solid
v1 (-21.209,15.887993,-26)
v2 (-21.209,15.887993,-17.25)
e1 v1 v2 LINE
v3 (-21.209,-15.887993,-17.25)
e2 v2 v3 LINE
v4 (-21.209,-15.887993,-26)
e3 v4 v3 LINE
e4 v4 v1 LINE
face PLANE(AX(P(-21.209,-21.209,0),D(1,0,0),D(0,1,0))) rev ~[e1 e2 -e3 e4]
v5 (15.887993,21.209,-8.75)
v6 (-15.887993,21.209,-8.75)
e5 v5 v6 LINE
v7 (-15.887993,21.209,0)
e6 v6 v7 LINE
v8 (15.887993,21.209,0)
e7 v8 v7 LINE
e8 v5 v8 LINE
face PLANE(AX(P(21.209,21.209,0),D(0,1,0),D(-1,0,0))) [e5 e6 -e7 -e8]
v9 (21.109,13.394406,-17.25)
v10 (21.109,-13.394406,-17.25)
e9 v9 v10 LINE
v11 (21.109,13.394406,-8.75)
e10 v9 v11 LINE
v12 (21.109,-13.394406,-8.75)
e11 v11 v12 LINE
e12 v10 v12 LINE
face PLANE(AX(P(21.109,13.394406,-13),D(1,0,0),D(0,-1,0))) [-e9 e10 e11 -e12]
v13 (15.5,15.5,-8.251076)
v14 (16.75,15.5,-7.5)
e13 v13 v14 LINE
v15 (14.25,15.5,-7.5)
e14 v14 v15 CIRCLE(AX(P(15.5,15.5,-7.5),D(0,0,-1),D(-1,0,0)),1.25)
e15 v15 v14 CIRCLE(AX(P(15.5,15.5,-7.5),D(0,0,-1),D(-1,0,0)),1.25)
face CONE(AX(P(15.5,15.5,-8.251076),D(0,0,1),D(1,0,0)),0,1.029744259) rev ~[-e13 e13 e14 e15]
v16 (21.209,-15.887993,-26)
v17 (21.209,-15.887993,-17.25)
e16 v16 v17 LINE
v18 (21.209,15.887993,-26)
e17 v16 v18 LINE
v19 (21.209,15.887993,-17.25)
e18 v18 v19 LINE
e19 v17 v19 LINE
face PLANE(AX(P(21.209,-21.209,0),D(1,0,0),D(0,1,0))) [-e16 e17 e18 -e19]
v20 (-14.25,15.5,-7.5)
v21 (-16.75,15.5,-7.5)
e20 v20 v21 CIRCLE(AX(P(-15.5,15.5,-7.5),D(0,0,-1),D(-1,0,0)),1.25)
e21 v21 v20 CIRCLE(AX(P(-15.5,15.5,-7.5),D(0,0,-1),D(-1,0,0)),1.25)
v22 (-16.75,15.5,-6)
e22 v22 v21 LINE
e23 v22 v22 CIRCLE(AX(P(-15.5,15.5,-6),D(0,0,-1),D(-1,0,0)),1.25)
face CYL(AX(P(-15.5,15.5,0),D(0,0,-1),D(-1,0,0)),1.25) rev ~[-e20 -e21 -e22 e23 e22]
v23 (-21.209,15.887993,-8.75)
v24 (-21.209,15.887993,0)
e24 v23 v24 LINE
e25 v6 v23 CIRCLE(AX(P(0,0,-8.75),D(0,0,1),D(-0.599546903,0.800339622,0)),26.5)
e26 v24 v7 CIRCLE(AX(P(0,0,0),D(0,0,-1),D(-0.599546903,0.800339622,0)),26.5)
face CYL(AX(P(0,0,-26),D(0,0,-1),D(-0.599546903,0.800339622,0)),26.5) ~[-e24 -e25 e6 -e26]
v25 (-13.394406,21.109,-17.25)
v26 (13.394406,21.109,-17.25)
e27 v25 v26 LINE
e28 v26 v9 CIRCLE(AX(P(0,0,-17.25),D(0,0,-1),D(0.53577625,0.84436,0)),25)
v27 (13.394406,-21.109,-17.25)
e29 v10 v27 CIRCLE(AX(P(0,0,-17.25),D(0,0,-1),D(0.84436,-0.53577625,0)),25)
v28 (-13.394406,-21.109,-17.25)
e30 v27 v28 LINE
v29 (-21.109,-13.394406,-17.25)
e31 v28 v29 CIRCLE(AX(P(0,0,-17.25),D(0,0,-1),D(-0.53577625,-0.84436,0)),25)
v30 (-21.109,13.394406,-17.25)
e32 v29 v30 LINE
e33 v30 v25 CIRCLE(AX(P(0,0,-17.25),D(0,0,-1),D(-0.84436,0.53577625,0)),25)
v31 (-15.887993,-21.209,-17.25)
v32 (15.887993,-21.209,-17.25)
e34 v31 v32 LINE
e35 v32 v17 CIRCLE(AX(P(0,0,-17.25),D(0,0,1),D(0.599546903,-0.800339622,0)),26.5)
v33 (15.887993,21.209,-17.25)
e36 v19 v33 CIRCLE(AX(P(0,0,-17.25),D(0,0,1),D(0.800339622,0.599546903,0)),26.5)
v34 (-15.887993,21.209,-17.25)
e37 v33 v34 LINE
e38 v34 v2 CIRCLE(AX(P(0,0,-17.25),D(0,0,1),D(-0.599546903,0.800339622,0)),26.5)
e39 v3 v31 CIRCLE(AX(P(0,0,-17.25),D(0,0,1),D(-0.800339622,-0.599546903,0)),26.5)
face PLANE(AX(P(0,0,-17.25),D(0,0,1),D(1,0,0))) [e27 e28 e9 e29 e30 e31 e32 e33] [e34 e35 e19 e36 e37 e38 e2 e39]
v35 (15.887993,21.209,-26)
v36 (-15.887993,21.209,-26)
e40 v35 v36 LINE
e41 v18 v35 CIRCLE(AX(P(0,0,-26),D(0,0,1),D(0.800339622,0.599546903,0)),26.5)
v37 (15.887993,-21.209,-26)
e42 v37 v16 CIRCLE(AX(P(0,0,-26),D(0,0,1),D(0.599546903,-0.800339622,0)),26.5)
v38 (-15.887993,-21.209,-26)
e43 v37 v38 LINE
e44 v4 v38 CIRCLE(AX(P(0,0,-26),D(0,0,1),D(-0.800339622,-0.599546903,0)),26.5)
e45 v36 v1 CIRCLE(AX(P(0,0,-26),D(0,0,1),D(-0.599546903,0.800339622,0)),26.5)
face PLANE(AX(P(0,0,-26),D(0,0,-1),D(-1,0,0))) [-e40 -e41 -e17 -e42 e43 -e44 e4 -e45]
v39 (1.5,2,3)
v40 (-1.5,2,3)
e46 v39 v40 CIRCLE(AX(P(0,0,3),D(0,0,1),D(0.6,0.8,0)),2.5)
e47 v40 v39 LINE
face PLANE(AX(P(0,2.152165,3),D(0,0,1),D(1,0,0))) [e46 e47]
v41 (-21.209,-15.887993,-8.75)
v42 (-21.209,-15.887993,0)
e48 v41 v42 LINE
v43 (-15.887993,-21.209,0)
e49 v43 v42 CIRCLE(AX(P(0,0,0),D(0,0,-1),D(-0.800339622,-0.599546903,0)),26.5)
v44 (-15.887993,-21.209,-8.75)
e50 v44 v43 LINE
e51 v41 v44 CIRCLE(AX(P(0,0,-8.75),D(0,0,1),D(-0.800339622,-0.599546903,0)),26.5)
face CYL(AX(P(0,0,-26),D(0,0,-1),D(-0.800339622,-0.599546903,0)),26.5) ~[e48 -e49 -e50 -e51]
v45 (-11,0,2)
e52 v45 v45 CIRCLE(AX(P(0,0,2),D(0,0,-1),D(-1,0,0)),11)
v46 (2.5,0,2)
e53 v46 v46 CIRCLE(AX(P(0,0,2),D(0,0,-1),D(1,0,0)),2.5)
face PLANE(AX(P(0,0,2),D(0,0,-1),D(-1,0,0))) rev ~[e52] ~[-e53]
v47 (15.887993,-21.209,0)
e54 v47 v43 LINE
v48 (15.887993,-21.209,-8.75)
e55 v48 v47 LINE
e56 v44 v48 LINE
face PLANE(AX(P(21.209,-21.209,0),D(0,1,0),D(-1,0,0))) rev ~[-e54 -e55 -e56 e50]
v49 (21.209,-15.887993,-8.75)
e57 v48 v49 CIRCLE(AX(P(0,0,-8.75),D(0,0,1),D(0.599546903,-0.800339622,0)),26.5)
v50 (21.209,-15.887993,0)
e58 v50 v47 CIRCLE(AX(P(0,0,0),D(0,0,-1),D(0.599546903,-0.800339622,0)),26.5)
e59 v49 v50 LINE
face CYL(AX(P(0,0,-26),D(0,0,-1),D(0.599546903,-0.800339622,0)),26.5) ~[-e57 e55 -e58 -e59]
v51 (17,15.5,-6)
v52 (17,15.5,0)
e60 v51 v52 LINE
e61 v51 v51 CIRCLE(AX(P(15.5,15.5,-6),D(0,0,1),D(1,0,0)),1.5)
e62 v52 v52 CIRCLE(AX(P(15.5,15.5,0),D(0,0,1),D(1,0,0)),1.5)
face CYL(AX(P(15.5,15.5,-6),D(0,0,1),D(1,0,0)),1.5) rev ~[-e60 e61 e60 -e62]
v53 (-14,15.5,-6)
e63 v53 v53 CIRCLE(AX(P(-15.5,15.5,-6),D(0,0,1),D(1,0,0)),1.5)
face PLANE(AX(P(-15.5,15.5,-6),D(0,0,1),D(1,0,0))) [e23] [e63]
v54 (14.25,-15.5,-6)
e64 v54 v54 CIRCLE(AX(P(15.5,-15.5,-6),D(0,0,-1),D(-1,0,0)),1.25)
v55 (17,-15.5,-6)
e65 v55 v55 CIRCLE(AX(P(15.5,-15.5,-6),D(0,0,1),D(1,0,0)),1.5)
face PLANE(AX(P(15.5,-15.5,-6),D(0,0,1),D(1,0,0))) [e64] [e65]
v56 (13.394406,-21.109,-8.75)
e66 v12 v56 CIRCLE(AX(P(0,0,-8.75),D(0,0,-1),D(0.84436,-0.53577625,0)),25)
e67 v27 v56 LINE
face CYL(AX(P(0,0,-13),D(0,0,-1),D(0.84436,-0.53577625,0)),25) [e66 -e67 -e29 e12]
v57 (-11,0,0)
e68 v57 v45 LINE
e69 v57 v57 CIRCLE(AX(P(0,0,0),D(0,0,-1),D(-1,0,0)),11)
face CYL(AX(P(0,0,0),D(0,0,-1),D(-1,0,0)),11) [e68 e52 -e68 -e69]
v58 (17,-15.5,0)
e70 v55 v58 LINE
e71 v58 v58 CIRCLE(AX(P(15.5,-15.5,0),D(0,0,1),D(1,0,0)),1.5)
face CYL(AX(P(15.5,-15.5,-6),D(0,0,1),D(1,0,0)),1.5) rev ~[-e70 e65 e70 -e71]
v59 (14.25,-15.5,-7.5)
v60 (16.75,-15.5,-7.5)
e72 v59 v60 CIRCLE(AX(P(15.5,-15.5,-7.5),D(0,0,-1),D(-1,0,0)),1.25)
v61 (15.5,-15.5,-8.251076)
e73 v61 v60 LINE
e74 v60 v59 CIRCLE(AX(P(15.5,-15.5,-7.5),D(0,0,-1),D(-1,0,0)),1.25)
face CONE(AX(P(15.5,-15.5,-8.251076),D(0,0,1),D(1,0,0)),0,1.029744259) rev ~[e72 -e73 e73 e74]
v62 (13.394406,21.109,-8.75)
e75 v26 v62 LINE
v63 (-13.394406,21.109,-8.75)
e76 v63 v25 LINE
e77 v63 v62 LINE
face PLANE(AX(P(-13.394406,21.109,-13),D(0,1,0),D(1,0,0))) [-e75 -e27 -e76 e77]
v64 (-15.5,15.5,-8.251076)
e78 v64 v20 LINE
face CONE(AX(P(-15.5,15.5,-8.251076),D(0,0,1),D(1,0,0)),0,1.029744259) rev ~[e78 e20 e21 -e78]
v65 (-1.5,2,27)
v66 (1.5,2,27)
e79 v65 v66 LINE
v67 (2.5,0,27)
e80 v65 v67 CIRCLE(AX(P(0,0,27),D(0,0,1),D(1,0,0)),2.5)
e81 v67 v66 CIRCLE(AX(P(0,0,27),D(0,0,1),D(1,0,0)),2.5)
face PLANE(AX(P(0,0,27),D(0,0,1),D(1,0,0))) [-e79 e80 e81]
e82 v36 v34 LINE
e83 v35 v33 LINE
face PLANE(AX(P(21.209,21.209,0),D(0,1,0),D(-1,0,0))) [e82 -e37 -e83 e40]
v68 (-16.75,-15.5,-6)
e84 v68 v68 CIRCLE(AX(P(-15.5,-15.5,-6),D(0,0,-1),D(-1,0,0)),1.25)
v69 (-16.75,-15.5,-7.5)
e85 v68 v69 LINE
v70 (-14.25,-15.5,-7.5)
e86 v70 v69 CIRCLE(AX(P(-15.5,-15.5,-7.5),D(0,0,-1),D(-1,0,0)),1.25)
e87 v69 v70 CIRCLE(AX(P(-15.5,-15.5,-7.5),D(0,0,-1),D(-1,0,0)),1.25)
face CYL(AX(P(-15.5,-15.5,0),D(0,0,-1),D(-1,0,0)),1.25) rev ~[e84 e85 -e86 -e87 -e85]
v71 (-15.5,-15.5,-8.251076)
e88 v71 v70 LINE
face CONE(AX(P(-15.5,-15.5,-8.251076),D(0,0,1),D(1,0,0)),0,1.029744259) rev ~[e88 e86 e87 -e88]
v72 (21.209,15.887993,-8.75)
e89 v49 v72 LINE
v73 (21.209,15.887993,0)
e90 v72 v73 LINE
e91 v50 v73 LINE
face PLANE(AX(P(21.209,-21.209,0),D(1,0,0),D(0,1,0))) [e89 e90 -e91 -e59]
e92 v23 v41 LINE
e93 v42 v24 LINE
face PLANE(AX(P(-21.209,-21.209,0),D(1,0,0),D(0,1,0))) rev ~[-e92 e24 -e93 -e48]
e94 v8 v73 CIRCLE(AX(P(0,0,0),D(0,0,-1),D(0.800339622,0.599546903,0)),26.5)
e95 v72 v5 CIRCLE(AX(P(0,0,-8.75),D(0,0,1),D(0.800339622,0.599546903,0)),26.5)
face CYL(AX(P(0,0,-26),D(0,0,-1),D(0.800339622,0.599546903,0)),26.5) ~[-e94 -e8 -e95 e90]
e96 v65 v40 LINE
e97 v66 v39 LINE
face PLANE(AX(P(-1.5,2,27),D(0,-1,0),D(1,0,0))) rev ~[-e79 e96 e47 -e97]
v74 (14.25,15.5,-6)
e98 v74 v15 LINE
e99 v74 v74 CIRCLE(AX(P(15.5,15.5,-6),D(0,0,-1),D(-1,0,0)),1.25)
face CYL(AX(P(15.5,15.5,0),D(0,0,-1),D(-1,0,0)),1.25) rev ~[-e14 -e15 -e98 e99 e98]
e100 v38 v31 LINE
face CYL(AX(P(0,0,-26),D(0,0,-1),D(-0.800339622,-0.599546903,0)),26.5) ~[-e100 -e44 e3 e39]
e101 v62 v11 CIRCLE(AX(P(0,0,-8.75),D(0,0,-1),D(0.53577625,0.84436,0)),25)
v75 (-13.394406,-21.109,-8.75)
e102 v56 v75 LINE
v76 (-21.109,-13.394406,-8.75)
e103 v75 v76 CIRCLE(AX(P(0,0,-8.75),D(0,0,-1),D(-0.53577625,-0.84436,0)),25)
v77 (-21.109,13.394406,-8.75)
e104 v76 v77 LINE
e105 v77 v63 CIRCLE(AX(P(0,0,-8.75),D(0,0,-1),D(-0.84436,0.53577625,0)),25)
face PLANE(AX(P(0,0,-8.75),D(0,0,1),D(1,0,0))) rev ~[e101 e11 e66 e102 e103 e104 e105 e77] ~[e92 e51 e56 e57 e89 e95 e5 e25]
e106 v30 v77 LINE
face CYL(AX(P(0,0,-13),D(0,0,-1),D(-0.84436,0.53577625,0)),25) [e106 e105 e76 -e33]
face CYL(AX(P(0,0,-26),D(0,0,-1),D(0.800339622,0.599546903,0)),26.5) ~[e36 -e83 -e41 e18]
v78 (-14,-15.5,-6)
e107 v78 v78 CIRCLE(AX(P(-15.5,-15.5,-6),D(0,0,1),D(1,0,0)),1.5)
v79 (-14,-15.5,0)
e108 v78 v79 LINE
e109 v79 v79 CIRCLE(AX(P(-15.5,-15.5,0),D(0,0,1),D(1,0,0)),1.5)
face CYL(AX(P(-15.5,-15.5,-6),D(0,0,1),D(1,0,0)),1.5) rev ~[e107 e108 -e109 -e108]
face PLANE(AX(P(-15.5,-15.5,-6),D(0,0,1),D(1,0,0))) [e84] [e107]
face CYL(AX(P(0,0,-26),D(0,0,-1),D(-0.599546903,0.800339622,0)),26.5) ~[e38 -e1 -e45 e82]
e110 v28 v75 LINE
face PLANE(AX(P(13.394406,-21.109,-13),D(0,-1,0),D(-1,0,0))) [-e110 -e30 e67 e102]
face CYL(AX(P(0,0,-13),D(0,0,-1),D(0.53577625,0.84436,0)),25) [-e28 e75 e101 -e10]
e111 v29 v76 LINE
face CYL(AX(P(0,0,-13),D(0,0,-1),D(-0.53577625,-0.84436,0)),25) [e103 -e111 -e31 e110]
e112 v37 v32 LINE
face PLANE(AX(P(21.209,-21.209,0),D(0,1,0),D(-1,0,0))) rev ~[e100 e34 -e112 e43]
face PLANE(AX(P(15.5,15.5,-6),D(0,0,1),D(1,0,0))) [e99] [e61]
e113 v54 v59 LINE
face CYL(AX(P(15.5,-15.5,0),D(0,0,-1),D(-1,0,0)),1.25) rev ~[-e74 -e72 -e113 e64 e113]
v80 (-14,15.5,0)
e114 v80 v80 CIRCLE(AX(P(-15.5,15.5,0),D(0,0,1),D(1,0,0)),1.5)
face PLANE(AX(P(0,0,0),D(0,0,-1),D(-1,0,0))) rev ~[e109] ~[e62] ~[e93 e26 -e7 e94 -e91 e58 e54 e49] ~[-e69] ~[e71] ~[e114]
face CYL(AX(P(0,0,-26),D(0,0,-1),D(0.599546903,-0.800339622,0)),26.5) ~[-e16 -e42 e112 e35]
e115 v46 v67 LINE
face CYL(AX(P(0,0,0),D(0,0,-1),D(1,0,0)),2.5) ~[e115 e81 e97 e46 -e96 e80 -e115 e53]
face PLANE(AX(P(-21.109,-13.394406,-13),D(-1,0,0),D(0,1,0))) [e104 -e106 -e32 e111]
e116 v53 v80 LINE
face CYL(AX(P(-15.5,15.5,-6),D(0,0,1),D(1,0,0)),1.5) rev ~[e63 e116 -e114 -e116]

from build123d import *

# Parameters (mm, degrees)
SKETCH1_R                       = 2.5
BOSS_EXTRUDE1_DEPTH             = 27
SKETCH2_R                       = 11
BOSS_EXTRUDE2_DEPTH             = 2
SKETCH3_W                       = 42.418
SKETCH3_H                       = 42.418
BOSS_EXTRUDE3_DEPTH             = 26
CUT_EXTRUDE1_DEPTH              = 54
M3X0_5_TAPPED_HOLE1_D           = 2.5
M3X0_5_TAPPED_HOLE1_DEPTH       = 7.5
M3X0_5_TAPPED_HOLE1_CBORE_D     = 3
M3X0_5_TAPPED_HOLE1_CBORE_DEPTH = 6
M3X0_5_TAPPED_HOLE1_TIP         = 0.751075774
CUT_EXTRUDE2_DEPTH              = 24
CUT_EXTRUDE3_DEPTH              = 4.25
CUT_EXTRUDE3_DEPTH_BACK         = 4.25


with BuildPart() as part:
    # Sketch1 → Boss-Extrude1 (new body)
    with BuildSketch(Plane.XY):
        Circle(SKETCH1_R)
    extrude(amount=BOSS_EXTRUDE1_DEPTH)

    # Sketch2 → Boss-Extrude2 (add)
    with BuildSketch(Plane(origin=(0, 0, 0), x_dir=(-1, 0, 0), z_dir=(0, 0, -1))):
        Circle(SKETCH2_R)
    extrude(amount=-BOSS_EXTRUDE2_DEPTH)

    # Sketch3 → Boss-Extrude3 (add)
    with BuildSketch(Plane(origin=(0, 0, 0), x_dir=(-1, 0, 0), z_dir=(0, 0, -1))):
        Rectangle(SKETCH3_W, SKETCH3_H)
    extrude(amount=BOSS_EXTRUDE3_DEPTH)

    # Sketch4 → Cut-Extrude1 (cut, through all)
    with BuildSketch(Plane(origin=(0, 0, -26), x_dir=(-1, 0, 0), z_dir=(0, 0, -1))):
        with BuildLine():
            Line((-21.209, -15.887992919), (-21.209, -21.209))
            Line((-21.209, -21.209), (-15.887992919, -21.209))
            ThreePointArc((-15.887992919, -21.209), (-18.738329701, -18.738329701), (-21.209, -15.887992919))
        make_face()
        with BuildLine():
            Line((15.887992919, -21.209), (21.209, -21.209))
            Line((21.209, -21.209), (21.209, -15.887992919))
            ThreePointArc((21.209, -15.887992919), (18.738329701, -18.738329701), (15.887992919, -21.209))
        make_face()
        with BuildLine():
            Line((21.209, 15.887992919), (21.209, 21.209))
            Line((21.209, 21.209), (15.887992919, 21.209))
            ThreePointArc((15.887992919, 21.209), (18.738329701, 18.738329701), (21.209, 15.887992919))
        make_face()
        with BuildLine():
            Line((-15.887992919, 21.209), (-21.209, 21.209))
            Line((-21.209, 21.209), (-21.209, 15.887992919))
            ThreePointArc((-21.209, 15.887992919), (-18.738329701, 18.738329701), (-15.887992919, 21.209))
        make_face()
    extrude(amount=-CUT_EXTRUDE1_DEPTH, mode=Mode.SUBTRACT)

    # M3x0.5 Tapped Hole1
    with Locations(Plane.XY):
        with Locations((-15.5, 15.5), (-15.5, -15.5), (15.5, -15.5), (15.5, 15.5)):
            CounterBoreHole(M3X0_5_TAPPED_HOLE1_D / 2, M3X0_5_TAPPED_HOLE1_CBORE_D / 2, M3X0_5_TAPPED_HOLE1_CBORE_DEPTH, depth=M3X0_5_TAPPED_HOLE1_DEPTH)
            with Locations((0, 0, -(M3X0_5_TAPPED_HOLE1_DEPTH + M3X0_5_TAPPED_HOLE1_TIP / 2))):  # 118° drill point
                Cone(0, M3X0_5_TAPPED_HOLE1_D / 2, M3X0_5_TAPPED_HOLE1_TIP, mode=Mode.SUBTRACT)

    # Sketch7 → Cut-Extrude2 (cut)
    with BuildSketch(Plane.XY.offset(27)):
        with BuildLine():
            Line((-1.5, 2), (1.5, 2))
            ThreePointArc((1.5, 2), (0, 2.5), (-1.5, 2))
        make_face()
    extrude(amount=-CUT_EXTRUDE2_DEPTH, mode=Mode.SUBTRACT)

    # Sketch8 → Cut-Extrude3 (cut, two sides)
    with BuildSketch(Plane.XY.offset(-13)) as cut_extrude3_sk:
        with BuildLine():
            Line((15.887992919, 21.209), (-15.887992919, 21.209))
            ThreePointArc((-15.887992919, 21.209), (-18.738329701, 18.738329701), (-21.209, 15.887992919))
            Line((-21.209, 15.887992919), (-21.209, -15.887992919))
            ThreePointArc((-21.209, -15.887992919), (-18.738329701, -18.738329701), (-15.887992919, -21.209))
            Line((-15.887992919, -21.209), (15.887992919, -21.209))
            ThreePointArc((15.887992919, -21.209), (18.738329701, -18.738329701), (21.209, -15.887992919))
            Line((21.209, -15.887992919), (21.209, 15.887992919))
            ThreePointArc((21.209, 15.887992919), (18.738329701, 18.738329701), (15.887992919, 21.209))
        make_face()
        with BuildLine():
            Line((-13.394406258, 21.109), (13.394406258, 21.109))
            ThreePointArc((13.394406258, 21.109), (17.67766953, 17.67766953), (21.109, 13.394406258))
            Line((21.109, 13.394406258), (21.109, -13.394406258))
            ThreePointArc((21.109, -13.394406258), (17.67766953, -17.67766953), (13.394406258, -21.109))
            Line((13.394406258, -21.109), (-13.394406258, -21.109))
            ThreePointArc((-13.394406258, -21.109), (-17.67766953, -17.67766953), (-21.109, -13.394406258))
            Line((-21.109, -13.394406258), (-21.109, 13.394406258))
            ThreePointArc((-21.109, 13.394406258), (-17.67766953, 17.67766953), (-13.394406258, 21.109))
        make_face(mode=Mode.SUBTRACT)
    extrude(amount=CUT_EXTRUDE3_DEPTH, mode=Mode.SUBTRACT)
    extrude(cut_extrude3_sk.sketch, amount=-CUT_EXTRUDE3_DEPTH_BACK, mode=Mode.SUBTRACT)


solid = part.part
